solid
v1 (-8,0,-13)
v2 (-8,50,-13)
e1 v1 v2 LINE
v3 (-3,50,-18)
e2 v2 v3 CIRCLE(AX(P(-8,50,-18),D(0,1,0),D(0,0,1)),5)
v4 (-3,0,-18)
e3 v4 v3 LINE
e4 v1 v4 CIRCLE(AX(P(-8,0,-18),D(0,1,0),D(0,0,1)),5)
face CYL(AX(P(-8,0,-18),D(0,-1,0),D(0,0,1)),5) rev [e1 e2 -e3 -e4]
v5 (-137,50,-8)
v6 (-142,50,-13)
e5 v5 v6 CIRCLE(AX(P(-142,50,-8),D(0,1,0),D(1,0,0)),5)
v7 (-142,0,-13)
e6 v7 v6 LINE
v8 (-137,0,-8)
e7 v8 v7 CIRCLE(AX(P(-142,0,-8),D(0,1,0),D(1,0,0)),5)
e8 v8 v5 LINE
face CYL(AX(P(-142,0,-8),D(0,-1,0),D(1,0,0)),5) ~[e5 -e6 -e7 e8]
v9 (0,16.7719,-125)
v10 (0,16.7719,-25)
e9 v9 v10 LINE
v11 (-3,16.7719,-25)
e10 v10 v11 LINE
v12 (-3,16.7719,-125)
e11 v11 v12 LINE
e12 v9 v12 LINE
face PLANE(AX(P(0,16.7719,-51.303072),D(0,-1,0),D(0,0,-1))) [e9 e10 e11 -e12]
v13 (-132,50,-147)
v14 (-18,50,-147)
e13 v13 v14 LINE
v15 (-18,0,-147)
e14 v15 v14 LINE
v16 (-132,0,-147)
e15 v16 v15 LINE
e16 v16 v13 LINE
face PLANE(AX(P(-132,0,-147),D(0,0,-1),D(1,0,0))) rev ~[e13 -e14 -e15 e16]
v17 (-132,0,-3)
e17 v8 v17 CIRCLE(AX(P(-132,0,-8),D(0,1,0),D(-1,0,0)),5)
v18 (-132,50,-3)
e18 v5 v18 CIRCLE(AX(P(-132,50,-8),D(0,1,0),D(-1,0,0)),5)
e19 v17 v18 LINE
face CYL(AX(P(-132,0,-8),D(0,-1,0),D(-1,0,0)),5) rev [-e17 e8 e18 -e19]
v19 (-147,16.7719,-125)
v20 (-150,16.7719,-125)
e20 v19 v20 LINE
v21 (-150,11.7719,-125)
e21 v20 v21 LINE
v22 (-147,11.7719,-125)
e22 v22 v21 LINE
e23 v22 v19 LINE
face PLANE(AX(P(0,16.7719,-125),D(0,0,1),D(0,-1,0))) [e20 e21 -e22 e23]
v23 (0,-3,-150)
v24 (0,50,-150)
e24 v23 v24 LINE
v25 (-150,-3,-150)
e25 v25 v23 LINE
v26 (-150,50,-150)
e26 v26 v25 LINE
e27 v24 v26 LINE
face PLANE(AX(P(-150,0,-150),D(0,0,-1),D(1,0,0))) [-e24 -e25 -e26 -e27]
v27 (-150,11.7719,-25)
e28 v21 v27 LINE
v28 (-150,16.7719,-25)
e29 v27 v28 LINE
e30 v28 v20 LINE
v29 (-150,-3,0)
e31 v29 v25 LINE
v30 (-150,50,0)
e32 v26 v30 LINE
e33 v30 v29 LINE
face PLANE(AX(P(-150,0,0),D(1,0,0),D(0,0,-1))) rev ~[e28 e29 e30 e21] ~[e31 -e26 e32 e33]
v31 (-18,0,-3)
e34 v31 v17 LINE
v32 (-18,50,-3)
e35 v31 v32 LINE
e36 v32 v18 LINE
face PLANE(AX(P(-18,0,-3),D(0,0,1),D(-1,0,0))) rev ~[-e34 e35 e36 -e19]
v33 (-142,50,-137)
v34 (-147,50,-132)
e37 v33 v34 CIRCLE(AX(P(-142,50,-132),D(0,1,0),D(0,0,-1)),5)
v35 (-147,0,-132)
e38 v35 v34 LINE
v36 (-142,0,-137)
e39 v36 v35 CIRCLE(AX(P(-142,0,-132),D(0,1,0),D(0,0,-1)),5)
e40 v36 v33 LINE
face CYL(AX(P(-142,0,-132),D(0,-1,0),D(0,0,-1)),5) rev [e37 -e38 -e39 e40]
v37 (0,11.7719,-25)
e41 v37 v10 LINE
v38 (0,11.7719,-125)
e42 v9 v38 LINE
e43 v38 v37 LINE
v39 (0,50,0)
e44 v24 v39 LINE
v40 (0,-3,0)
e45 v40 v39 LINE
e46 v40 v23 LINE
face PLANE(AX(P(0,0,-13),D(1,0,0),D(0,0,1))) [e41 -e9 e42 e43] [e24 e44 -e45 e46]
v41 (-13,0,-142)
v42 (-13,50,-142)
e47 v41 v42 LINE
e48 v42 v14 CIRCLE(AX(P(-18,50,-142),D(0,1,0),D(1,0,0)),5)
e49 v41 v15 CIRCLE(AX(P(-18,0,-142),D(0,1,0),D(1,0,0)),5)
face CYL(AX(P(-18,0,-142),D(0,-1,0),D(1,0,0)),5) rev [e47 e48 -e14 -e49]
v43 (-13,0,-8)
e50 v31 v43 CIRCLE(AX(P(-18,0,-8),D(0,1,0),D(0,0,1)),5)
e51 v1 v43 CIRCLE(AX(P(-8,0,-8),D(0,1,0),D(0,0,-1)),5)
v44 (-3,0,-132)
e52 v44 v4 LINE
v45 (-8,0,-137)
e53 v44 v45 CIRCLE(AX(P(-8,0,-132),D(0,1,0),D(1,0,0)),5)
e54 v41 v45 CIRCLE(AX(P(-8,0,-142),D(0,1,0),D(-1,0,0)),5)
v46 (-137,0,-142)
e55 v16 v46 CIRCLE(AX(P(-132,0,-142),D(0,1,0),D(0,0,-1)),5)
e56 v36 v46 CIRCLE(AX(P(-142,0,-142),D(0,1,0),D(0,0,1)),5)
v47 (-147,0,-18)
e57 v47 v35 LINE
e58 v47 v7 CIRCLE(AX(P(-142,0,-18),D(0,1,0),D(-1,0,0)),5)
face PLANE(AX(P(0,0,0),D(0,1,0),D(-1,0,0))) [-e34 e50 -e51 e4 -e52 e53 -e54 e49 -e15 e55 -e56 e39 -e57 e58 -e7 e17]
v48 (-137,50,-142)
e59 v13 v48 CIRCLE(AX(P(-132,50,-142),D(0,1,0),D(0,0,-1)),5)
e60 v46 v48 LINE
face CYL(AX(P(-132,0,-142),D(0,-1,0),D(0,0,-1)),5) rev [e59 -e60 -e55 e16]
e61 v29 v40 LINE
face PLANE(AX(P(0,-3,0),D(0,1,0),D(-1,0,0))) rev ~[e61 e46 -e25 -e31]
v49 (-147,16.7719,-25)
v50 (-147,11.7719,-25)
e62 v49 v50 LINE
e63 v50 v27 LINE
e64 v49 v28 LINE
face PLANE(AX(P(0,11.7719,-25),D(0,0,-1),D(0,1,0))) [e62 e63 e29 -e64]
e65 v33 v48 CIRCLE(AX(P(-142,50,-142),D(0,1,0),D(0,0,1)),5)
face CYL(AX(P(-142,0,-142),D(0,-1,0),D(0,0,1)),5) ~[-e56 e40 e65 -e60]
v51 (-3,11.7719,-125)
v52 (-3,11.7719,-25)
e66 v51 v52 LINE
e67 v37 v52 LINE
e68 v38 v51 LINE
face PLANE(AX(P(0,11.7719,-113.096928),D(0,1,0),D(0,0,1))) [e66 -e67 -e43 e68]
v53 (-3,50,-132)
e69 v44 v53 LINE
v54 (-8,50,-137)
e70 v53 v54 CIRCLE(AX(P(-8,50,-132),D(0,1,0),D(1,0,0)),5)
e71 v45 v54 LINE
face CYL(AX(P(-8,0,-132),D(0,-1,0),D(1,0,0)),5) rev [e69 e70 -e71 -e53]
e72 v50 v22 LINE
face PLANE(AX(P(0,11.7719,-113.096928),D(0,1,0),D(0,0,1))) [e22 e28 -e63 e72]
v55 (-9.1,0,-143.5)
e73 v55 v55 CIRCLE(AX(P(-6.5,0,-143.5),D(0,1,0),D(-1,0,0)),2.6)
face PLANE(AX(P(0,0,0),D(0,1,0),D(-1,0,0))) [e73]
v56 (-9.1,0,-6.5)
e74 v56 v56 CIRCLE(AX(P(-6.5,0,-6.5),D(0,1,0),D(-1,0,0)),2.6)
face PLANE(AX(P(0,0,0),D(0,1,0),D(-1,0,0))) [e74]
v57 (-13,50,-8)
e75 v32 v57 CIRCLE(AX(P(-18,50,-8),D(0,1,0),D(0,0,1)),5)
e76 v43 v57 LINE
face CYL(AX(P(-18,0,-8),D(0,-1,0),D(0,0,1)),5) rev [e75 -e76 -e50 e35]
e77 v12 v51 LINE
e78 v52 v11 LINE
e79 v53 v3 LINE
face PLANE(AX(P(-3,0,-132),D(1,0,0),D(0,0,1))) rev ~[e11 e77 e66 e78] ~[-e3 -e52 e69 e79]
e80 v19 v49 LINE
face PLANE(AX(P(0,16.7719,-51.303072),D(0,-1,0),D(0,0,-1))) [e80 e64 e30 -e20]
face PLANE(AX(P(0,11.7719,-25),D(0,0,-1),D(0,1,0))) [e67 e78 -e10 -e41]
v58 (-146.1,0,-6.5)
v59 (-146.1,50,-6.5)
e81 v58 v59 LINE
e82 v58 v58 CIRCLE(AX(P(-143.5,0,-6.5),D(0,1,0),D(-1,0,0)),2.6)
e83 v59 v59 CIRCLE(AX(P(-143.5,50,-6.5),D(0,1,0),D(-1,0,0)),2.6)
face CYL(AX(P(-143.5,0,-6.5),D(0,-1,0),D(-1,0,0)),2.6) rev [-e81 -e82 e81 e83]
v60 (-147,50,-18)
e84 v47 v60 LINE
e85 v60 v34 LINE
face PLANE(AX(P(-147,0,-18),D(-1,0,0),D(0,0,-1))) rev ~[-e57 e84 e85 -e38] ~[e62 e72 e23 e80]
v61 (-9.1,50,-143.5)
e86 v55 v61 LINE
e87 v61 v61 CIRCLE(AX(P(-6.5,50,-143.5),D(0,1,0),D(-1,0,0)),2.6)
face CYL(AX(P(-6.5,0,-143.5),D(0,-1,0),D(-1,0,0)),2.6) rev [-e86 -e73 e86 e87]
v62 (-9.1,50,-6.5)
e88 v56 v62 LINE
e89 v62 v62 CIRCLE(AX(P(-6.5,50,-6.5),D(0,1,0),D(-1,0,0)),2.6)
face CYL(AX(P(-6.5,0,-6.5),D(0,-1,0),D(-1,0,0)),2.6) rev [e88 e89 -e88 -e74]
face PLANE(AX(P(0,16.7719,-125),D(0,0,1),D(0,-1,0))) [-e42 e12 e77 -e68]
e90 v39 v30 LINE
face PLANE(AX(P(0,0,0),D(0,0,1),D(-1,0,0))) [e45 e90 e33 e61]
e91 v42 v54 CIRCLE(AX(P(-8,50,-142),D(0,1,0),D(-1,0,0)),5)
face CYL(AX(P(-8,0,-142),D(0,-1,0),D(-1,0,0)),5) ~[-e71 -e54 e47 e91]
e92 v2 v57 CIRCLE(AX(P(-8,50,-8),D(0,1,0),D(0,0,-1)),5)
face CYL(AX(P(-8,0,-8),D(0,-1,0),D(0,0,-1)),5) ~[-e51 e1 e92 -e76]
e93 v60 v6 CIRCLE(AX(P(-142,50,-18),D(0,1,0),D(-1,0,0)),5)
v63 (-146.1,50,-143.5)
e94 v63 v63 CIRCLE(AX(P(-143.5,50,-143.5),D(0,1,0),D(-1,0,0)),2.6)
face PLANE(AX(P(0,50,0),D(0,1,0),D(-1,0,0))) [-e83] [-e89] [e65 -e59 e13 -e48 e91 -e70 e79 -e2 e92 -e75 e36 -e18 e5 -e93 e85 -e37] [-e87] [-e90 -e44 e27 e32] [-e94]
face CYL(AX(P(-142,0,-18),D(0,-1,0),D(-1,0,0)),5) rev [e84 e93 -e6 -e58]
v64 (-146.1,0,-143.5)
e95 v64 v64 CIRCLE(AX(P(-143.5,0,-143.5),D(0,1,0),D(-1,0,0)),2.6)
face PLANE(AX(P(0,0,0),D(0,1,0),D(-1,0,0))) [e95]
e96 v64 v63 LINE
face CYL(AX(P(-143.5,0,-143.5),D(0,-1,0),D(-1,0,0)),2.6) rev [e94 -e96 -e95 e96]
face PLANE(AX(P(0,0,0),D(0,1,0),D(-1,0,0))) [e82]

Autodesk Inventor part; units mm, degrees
ref_plane "YZ Plane" through (0, 0, 0) normal (1, 0, 0) x (0, 1, 0)
ref_plane "XZ Plane" through (0, 0, 0) normal (0, 1, 0) x (-1, 0, 0)
ref_plane "XY Plane" through (0, 0, 0) normal (0, 0, 1) x (1, 0, 0)
sketch "Эскиз1" plane through (0, 0, 0) normal (0, 1, 0) x (-1, 0, 0)
  line L0 (0, 0) -> (150, 0)
  line L1 (150, 0) -> (150, -150)
  line L2 (150, -150) -> (0, -150)
  line L3 (0, -150) -> (0, 0)
  line L4 (150, 0) -> (137, 0)
  line L5 (137, -8) -> (137, -8)
  line L6 (142, -13) -> (142, -13)
  line L7 (150, -13) -> (150, 0)
  line L8 (150, -150) -> (137, -150)
  line L9 (137, -142) -> (137, -142)
  line L10 (142, -137) -> (142, -137)
  line L11 (150, -137) -> (150, -150)
  line L12 (0, 0) -> (13, 0)
  line L13 (13, -8) -> (13, -8)
  line L14 (8, -13) -> (8, -13)
  line L15 (0, -13) -> (0, 0)
  line L16 (0, -150) -> (13, -150)
  line L17 (13, -142) -> (13, -142)
  line L18 (8, -137) -> (8, -137)
  line L19 (0, -137) -> (0, -150)
  circle A0 centre (143.5, -6.5) radius 2.6
  circle A1 centre (143.5, -143.5) radius 2.6
  circle A2 centre (6.5, -143.5) radius 2.6
  circle A3 centre (6.5, -6.5) radius 2.6
  line L20 (18, -3) -> (132, -3)
  line L21 (147, -18) -> (147, -132)
  line L22 (132, -147) -> (18, -147)
  line L23 (3, -132) -> (3, -18)
  arc A4 (18, -3) -> (13, -8) centre (18, -8) ccw
  arc A5 (8, -13) -> (3, -18) centre (8, -18) ccw
  arc A6 (8, -13) -> (13, -8) centre (8, -8) ccw
  arc A7 (3, -132) -> (8, -137) centre (8, -132) ccw
  arc A8 (13, -142) -> (18, -147) centre (18, -142) ccw
  arc A9 (13, -142) -> (8, -137) centre (8, -142) ccw
  arc A10 (132, -147) -> (137, -142) centre (132, -142) ccw
  arc A11 (142, -137) -> (137, -142) centre (142, -142) ccw
  arc A12 (142, -137) -> (147, -132) centre (142, -132) ccw
  arc A13 (147, -18) -> (142, -13) centre (142, -18) ccw
  arc A14 (137, -8) -> (142, -13) centre (142, -8) ccw
  arc A15 (137, -8) -> (132, -3) centre (132, -8) ccw
  dimension "d0" = 150
  dimension "d1" = 150
  dimension "d11" = 5.2
  dimension "d12" = 5.2
  dimension "d14" = 3
  dimension "d15" = 3
  dimension "d16" = 3
  dimension "d17" = 3
  dimension "d18" = 5
extrude "Выдавливание1" add sketch "Эскиз1" along normal blind 50
extrude "Выдавливание2" add sketch "Эскиз1" against normal blind 3 contours L0 L1 L2 L3 | A0 | A1 | A2 | A3 | L20 A15 A14 A13 L21 A12 A11 A10 L22 A8 A9 A7 L23 A5 A6 A4
sketch "Эскиз2" plane through (0, 50, 0) normal (1, 0, 0) x (0, 0, -1)
  line L0 (147, -50) -> (147, 0) projected
  line L1 (3, -50) -> (3, 0) projected
  line L2 (147, 0) -> (3, 0)
  line L3 (3, 0) -> (3, -50)
  line L4 (3, -50) -> (147, -50)
  line L5 (147, -50) -> (147, 0)
  line L6 (147, -50) -> (3, 0)
  line L7 (147, 0) -> (3, -50)
  line L8 (75, -25) -> (75, -35)
  line L9 (25, -33.2281) -> (125, -33.2281)
  line L10 (125, -33.2281) -> (125, -38.2281)
  line L11 (125, -38.2281) -> (25, -38.2281)
  line L12 (25, -38.2281) -> (25, -33.2281)
  line L13 (25, -33.2281) -> (125, -38.2281) construction
  line L14 (125, -33.2281) -> (25, -38.2281) construction
  point P0 (0, -50)
  point P1 (75, -35.7281)
  dimension "d25" = 10
  dimension "d26" = 100
  dimension "d27" = 5
extrude "Выдавливание3" cut sketch "Эскиз2" against normal blind 200 contours L11 L7 L9 L6 | L6 L9 L10 L11 | L11 L12 L9 L7
properties part number "Box"
